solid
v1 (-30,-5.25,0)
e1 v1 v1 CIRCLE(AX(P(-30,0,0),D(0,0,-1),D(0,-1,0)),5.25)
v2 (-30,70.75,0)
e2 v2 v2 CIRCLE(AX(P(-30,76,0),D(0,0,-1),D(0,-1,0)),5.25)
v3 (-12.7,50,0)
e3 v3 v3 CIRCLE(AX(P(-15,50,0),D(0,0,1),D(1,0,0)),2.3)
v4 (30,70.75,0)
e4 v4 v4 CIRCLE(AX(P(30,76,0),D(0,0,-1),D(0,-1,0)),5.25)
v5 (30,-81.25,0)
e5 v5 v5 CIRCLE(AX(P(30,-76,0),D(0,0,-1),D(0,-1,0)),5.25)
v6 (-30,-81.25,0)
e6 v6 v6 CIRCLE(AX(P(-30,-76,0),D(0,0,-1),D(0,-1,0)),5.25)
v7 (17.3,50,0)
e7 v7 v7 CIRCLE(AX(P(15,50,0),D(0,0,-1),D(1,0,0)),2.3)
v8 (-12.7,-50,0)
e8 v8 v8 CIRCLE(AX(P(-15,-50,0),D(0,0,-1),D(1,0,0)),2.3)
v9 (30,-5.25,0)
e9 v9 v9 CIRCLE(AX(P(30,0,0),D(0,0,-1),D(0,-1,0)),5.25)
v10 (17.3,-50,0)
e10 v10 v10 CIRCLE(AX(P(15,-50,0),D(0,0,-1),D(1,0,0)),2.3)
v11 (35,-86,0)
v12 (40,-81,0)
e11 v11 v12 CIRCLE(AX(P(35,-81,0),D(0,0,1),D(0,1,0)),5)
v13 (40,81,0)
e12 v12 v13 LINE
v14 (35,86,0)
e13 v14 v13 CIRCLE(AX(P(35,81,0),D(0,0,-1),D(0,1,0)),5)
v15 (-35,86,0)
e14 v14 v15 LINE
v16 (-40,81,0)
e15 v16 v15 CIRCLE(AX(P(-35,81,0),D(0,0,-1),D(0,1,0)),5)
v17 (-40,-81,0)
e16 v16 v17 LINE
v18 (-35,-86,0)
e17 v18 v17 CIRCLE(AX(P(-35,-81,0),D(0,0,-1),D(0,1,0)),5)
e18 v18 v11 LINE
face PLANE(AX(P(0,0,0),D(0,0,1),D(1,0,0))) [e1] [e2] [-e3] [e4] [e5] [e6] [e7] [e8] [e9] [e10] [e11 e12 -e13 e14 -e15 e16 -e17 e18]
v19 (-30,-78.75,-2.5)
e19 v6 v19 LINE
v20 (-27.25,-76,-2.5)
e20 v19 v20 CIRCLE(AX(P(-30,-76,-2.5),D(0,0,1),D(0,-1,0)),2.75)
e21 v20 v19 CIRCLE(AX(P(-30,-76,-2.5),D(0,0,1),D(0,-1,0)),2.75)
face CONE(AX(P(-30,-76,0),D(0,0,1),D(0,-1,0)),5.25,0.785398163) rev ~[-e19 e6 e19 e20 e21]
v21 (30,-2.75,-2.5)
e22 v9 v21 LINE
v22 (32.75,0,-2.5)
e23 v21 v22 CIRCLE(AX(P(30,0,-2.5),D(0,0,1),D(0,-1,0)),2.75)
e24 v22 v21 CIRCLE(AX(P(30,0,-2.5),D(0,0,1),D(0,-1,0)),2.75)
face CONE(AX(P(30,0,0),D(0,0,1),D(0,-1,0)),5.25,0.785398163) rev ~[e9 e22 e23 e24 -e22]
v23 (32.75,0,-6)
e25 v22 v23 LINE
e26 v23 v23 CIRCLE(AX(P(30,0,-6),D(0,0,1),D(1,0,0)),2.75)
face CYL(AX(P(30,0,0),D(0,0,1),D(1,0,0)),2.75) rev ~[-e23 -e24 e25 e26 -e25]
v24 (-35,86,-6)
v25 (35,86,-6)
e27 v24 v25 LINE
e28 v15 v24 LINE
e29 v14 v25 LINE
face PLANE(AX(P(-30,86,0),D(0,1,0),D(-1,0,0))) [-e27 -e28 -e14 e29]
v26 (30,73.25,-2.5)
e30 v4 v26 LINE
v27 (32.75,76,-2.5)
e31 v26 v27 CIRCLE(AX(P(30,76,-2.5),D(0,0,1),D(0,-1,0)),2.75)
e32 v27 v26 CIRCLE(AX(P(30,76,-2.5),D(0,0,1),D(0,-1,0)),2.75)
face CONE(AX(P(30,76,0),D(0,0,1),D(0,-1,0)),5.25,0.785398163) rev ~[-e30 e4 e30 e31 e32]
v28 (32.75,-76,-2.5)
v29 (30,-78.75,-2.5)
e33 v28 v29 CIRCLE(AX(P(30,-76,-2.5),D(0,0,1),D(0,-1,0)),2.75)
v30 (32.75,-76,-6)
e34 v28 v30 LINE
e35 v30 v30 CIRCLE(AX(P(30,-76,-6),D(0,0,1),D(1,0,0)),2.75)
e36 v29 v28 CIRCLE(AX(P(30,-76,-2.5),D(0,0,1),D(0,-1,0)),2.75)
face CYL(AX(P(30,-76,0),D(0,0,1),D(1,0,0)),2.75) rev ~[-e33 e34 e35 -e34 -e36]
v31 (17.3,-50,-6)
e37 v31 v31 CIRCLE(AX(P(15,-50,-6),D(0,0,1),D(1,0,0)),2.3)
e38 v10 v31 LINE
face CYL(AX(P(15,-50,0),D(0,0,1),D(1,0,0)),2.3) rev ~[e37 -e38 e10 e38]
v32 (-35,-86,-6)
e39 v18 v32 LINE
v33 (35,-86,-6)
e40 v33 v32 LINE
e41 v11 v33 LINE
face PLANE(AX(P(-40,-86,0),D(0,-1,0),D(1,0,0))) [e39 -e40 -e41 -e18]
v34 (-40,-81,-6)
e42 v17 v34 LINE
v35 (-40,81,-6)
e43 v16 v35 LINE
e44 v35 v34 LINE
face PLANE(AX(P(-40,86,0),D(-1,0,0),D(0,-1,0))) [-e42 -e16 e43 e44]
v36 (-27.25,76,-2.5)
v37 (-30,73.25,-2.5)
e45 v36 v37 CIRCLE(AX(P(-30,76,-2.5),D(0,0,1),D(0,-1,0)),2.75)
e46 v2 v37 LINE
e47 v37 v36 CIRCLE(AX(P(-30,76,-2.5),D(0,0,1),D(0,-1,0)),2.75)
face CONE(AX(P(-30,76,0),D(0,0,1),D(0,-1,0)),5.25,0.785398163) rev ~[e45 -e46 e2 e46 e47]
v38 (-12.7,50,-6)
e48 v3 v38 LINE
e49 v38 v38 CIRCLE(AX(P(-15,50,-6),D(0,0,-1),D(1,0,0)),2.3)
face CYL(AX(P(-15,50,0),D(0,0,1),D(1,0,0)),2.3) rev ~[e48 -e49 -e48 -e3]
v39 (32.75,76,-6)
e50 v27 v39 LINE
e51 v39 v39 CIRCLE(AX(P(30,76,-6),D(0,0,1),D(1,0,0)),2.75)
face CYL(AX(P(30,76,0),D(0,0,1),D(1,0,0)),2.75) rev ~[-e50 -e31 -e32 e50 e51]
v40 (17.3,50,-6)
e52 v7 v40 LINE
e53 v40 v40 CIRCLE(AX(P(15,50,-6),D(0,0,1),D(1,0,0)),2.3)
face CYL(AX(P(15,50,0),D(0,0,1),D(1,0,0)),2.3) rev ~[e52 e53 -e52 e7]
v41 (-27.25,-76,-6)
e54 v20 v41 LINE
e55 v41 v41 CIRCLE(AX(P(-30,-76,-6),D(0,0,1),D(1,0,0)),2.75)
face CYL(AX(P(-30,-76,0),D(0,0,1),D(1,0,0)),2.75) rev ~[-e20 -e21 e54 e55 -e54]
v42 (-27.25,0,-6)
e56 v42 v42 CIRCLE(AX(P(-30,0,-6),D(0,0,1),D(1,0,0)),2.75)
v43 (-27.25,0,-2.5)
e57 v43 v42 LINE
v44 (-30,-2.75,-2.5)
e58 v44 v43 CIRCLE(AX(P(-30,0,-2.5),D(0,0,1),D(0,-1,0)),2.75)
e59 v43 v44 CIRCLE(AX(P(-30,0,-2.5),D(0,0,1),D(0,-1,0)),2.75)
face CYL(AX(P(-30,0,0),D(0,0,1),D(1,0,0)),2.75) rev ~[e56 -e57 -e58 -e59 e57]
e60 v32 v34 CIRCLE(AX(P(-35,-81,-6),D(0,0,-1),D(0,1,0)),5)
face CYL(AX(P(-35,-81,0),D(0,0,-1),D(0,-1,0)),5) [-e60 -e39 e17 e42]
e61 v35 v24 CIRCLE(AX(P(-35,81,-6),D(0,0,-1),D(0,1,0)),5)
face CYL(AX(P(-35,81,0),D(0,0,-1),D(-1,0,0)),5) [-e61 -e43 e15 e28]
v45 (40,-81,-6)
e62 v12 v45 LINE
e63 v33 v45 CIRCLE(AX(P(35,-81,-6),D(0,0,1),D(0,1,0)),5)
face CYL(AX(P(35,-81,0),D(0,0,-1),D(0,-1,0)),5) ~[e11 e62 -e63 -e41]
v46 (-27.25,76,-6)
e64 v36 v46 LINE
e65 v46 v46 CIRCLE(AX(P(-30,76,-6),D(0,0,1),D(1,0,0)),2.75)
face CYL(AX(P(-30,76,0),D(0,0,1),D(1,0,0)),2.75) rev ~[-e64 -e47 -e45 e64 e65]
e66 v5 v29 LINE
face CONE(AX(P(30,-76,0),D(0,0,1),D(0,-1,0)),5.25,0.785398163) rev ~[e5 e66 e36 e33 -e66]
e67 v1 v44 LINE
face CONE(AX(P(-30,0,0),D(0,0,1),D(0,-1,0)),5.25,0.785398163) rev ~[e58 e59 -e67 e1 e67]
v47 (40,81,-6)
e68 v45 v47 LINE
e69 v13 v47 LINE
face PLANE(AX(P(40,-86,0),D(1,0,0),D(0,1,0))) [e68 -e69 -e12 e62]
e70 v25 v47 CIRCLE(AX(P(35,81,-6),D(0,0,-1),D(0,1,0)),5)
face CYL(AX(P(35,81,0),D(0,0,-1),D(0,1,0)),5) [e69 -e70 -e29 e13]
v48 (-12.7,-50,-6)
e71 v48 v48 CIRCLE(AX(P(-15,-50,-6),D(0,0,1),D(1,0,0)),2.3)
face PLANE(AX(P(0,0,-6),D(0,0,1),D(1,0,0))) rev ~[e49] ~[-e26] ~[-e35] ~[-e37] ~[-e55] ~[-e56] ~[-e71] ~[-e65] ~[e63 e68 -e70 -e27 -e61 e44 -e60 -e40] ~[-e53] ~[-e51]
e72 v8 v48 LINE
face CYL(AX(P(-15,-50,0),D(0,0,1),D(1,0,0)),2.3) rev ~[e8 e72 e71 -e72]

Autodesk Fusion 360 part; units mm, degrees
sketch "Skizze2" plane through (0, 0, 0) normal (0, 0, 1) x (1, 0, 0)
  line L0 (15, 50) -> (-15, 50)
  line L1 (-15, 50) -> (-15, -50)
  line L2 (-15, -50) -> (15, -50)
  line L3 (15, -50) -> (15, 50)
  line L4 (15, 50) -> (-15, -50) construction
  line L5 (-15, 50) -> (15, -50) construction
  circle A0 centre (15, 50) radius 2.3
  circle A1 centre (-15, 50) radius 2.3
  circle A2 centre (-15, -50) radius 2.3
  circle A3 centre (15, -50) radius 2.3
  line L6 (40, 86) -> (-40, 86)
  line L7 (-40, 86) -> (-40, -86)
  line L8 (-40, -86) -> (40, -86)
  line L9 (40, -86) -> (40, 86)
  line L10 (40, 86) -> (-40, -86) construction
  line L11 (-40, 86) -> (40, -86) construction
  line L12 (-30, -86) -> (-30, 86)
  line L13 (30, 86) -> (30, -86)
  line L14 (0, 0) -> (0, -50)
  circle A4 centre (-30, -76) radius 2.75
  circle A5 centre (-30, 0) radius 2.75
  circle A6 centre (-30, 76) radius 2.75
  line L15 (-30, 76) -> (30, 76)
  line L16 (-30, 0) -> (30, 0)
  line L17 (-30, -76) -> (30, -76)
  circle A7 centre (30, -76) radius 2.75
  circle A8 centre (30, 0) radius 2.75
  circle A9 centre (30, 76) radius 2.75
  dimension "d1" = 4.6
  dimension "d2" = 30
  dimension "d3" = 100
  dimension "d4" = 36
  dimension "d5" = 80
  dimension "d6" = 60
  dimension "d7" = 10
  dimension "d8" = 10
  dimension "d9" = 5.5
extrude "Extrusion1" add sketch "Skizze2" against normal blind 6 contours L0 L1 L3 A0 A1 L12 L13 A5 A6 L15 L16 A8 A9 | L0 L1 L3 A0 A1 L16 | L1 L2 A2 L14 L16 | L1 L2 L3 A2 A3 L12 L13 A4 A5 L16 L17 A7 A8 | L2 L3 A3 L14 L16 | L6 L7 L8 L12 A4 A5 A6 | L6 L8 L9 L13 A7 A8 A9 | L6 L12 L13 A6 L15 A9 | L8 L12 L13 A4 L17 A7
fillet "Abrundung1" radius 5 4 edges at (40, -86, -3) (-40, -86, -3) (40, 86, -3) (-40, 86, -3)
hole "Bohrung1" at (30, 0, 0) at (30, 76, 0) at (30, -76, 0) at (-30, -76, 0) at (-30, 0, 0) at (-30, 76, 0) direction (0, 0, -1) diameter 5 depth 30 tip angle 118 countersink diameter 10.5 countersink angle 90
equation "d8 = d7"
